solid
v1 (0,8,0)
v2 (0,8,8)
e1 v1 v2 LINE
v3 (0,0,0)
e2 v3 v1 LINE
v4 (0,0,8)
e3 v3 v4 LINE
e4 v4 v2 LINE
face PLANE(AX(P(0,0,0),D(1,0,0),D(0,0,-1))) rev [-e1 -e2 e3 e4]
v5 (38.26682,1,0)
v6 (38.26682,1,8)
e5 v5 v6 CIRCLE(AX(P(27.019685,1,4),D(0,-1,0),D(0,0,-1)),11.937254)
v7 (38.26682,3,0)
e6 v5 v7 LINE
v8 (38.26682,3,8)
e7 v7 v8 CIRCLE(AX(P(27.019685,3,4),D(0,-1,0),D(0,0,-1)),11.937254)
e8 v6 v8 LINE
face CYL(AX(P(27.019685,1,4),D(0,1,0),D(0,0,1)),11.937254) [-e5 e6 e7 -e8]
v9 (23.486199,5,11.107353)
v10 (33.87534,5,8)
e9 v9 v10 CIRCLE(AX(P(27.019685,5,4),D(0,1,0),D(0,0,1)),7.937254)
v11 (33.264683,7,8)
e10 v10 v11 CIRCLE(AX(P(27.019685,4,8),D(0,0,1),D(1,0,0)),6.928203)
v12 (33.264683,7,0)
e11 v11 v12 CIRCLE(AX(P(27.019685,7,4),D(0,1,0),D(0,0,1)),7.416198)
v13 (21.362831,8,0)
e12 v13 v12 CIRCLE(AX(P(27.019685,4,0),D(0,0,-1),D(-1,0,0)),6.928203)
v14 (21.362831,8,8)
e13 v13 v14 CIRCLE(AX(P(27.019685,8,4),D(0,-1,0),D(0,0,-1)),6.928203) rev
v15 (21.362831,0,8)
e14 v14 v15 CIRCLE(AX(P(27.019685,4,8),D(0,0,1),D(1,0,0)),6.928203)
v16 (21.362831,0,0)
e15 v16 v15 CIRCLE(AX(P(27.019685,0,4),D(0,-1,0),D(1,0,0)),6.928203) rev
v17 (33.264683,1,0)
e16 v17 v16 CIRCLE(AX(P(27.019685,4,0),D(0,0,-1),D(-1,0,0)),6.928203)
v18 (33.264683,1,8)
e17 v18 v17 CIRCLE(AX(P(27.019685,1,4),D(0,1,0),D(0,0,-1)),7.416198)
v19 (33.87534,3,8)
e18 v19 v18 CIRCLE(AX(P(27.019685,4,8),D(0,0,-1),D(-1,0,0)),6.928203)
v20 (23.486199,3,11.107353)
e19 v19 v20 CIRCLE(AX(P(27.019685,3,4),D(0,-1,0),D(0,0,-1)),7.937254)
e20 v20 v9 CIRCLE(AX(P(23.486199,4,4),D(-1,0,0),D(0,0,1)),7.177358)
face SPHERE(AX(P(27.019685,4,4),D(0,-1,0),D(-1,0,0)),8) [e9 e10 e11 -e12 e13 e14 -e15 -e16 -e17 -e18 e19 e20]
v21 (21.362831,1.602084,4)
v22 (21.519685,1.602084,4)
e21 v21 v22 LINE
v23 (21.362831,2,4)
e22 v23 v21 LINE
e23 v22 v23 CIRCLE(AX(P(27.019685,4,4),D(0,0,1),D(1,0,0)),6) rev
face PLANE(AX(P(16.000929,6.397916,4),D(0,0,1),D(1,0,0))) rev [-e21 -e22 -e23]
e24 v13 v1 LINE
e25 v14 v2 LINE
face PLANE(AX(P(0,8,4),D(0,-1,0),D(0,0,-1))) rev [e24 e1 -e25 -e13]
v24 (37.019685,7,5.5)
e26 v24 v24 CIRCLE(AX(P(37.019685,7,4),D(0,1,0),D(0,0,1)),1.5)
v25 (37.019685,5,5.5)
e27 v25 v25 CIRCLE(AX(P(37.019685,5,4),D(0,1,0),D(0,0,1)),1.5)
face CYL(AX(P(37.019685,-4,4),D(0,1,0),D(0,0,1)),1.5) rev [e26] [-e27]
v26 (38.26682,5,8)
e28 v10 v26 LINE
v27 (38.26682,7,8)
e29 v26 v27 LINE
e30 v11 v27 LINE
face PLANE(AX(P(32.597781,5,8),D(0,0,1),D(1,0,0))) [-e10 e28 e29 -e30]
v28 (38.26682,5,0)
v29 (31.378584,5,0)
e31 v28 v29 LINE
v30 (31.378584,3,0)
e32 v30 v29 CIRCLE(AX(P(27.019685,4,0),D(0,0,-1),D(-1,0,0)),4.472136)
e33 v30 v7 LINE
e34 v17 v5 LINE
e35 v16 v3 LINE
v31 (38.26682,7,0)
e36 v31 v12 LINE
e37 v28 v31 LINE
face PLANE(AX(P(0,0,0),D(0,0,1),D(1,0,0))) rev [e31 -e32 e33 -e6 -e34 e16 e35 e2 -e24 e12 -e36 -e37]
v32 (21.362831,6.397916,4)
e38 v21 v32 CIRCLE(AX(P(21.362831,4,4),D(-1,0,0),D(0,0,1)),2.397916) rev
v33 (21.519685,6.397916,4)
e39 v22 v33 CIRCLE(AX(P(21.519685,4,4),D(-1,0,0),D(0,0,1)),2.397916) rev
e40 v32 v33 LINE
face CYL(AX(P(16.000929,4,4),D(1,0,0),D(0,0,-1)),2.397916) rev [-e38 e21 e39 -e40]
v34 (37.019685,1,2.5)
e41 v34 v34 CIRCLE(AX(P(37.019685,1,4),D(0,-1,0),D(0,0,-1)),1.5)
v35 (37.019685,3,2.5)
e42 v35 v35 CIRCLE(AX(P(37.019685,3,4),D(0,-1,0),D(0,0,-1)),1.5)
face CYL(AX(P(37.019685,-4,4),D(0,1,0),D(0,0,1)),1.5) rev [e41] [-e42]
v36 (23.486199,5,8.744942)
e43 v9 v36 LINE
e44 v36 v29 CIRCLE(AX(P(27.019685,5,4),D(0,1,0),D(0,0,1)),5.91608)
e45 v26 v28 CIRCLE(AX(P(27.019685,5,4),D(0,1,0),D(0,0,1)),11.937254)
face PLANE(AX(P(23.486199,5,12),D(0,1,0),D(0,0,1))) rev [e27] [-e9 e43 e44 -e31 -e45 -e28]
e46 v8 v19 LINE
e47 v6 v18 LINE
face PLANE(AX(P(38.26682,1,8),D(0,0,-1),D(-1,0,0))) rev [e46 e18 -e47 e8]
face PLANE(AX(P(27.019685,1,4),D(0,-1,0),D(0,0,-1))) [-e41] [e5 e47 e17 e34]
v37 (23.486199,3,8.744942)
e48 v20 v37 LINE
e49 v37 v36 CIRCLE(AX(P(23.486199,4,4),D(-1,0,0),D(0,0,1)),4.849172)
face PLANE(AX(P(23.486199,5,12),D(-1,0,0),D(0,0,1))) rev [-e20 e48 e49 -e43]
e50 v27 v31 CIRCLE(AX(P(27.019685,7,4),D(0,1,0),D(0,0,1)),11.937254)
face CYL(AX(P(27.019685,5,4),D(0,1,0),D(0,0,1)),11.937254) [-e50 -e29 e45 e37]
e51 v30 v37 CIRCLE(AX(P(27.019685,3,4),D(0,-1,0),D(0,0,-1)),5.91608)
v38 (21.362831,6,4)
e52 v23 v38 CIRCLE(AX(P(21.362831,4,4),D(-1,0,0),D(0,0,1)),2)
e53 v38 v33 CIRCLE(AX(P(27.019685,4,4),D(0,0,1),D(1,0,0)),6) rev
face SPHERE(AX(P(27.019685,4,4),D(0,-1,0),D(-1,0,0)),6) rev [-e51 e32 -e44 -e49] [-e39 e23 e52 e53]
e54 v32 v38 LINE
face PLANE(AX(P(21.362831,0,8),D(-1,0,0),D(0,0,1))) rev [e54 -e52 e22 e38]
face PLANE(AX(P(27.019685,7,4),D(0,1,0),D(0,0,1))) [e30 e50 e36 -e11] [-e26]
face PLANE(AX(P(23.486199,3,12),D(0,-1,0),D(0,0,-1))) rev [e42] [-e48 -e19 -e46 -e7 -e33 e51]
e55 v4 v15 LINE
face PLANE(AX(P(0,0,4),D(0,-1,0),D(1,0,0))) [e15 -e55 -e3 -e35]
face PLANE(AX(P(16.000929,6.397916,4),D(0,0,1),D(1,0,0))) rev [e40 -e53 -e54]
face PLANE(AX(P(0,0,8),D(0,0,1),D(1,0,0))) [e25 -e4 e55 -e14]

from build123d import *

# Parameters (mm, degrees)
RESSALTO_EXTRUS_O1_DEPTH    = 4
ESBO_O33_W                  = 8
ESBO_O33_H                  = 24.32835801
CORTE_EXTRUS_O20_DEPTH      = 59.436005136
CORTE_EXTRUS_O22_DEPTH      = 51.515563889
RESSALTO_EXTRUS_O14_DEPTH   = 4
ESBO_O38_R                  = 7
CORTE_EXTRUS_O23_DEPTH      = 39.915014679
ESBO_O39_W                  = 29.519685428
ESBO_O39_H                  = 8
CORTE_EXTRUS_O24_DEPTH      = 38.873187976
CORTE_EXTRUS_O25_DEPTH      = 39.915014679
CORTE_EXTRUS_O25_DEPTH_BACK = 39.915014679
ESBO_O40_W                  = 11.533486782
ESBO_O40_H                  = 2
CORTE_EXTRUS_O26_DEPTH      = 0.156854249
RESSALTO_EXTRUS_O15_START   = -1
RESSALTO_EXTRUS_O15_DEPTH   = 2
RESSALTO_EXTRUS_O16_START   = 2
RESSALTO_EXTRUS_O16_DEPTH   = 2
CORTE_EXTRUS_O27_DEPTH      = 43.203568046
CORTE_EXTRUS_O27_DEPTH_BACK = 43.203568046
ESBO_O44_R                  = 1.5


with BuildPart() as part:
    # Esboço1 → Ressalto-extrusão1 (new body)
    with BuildSketch(Plane.XY):
        with BuildLine():
            Line((40.514368641, 0), (48.514368641, 0))
            ThreePointArc((48.514368641, 0), (39.227067694, 12.823953684), (24.146045917, 8))
            Line((24.146045917, 8), (-21.519685428, 8))
            Line((-21.519685428, 8), (-21.519685428, 32.32835801))
            Line((-21.519685428, 32.32835801), (-29.519685428, 32.32835801))
            Line((-29.519685428, 32.32835801), (-29.519685428, 0))
            Line((-29.519685428, 0), (29.519685428, 0))
            ThreePointArc((29.519685428, 0), (35.017027034, 5.497341607), (40.514368641, 0))
        make_face()
    extrude(amount=RESSALTO_EXTRUS_O1_DEPTH)

    # Esboço33 → Corte-extrusão20 (cut, through all)
    with BuildSketch(Plane.XY.offset(4)):
        with Locations((-25.519685428, 20.164179005)):
            Rectangle(ESBO_O33_W, ESBO_O33_H)
    extrude(amount=-CORTE_EXTRUS_O20_DEPTH, mode=Mode.SUBTRACT)

    # Esboço34 → Corte-extrusão22 (cut, through all)
    with BuildSketch(Plane.XY.offset(4)):
        with BuildLine():
            Line((21.519685428, 0), (21.519685428, 8))
            Line((21.519685428, 8), (24.146045917, 8))
            ThreePointArc((24.146045917, 8), (39.227067694, 12.823953684), (48.514368641, 0))
            Line((48.514368641, 0), (40.514368641, 0))
            ThreePointArc((40.514368641, 0), (35.017027034, 5.497341607), (29.519685428, 0))
            Line((29.519685428, 0), (21.519685428, 0))
        make_face()
    extrude(amount=-CORTE_EXTRUS_O22_DEPTH, mode=Mode.SUBTRACT)

    # Esboço36 → Revolução1 (revolve)
    with BuildSketch(Plane.XY.offset(4)):
        with BuildLine():
            Line((27.019685428, -2), (27.019685428, -4))
            ThreePointArc((27.019685428, -4), (19.019685428, 4), (27.019685428, 12))
            Line((27.019685428, 12), (27.019685428, 10))
            ThreePointArc((27.019685428, 10), (21.019685428, 4), (27.019685428, -2))
        make_face()
    revolve(axis=Axis((27.019685428, -2, 4), (0, 1, 0)))

    # Esboço37 → Ressalto-extrusão14 (add)
    with BuildSketch(Plane.XY.offset(4)):
        with BuildLine():
            ThreePointArc((21.362831178, 8), (20.091482197, 4), (21.362831178, 0))
            Line((21.362831178, 0), (21.362831178, 8))
        make_face()
        with BuildLine():
            Line((20.091482197, 0), (21.362831178, 0))
            ThreePointArc((21.362831178, 0), (20.091482197, 4), (21.362831178, 8))
            Line((21.362831178, 8), (20.091482197, 8))
            Line((20.091482197, 8), (-29.519685428, 8))
            Line((-29.519685428, 8), (-29.519685428, 0))
            Line((-29.519685428, 0), (20.091482197, 0))
        make_face()
    extrude(amount=RESSALTO_EXTRUS_O14_DEPTH)

    # Esboço38 → Corte-extrusão23 (cut, through all)
    with BuildSketch(Plane(origin=(0, 0, 0), x_dir=(-1, 0, 0), z_dir=(0, 0, -1))):
        with Locations((-27.019685428, 4)):
            Circle(ESBO_O38_R)
    extrude(amount=CORTE_EXTRUS_O23_DEPTH, mode=Mode.SUBTRACT)

    # Esboço39 → Corte-extrusão24 (cut, through all)
    with BuildSketch(Plane.XY.offset(8)):
        with Locations((-14.759842714, 4)):
            Rectangle(ESBO_O39_W, ESBO_O39_H)
    extrude(amount=-CORTE_EXTRUS_O24_DEPTH, mode=Mode.SUBTRACT)

    # Esboço40 → Corte-extrusão25 (cut, two sides: drawn at the far end of the back side and taken through both)
    with BuildSketch(Plane(origin=(0, 0, 0), x_dir=(-1, 0, 0), z_dir=(0, 0, -1)).offset(-CORTE_EXTRUS_O25_DEPTH_BACK)):
        with Locations((-29.252942037, 4)):
            Rectangle(ESBO_O40_W, ESBO_O40_H)
    extrude(amount=CORTE_EXTRUS_O25_DEPTH + CORTE_EXTRUS_O25_DEPTH_BACK, mode=Mode.SUBTRACT)

    # Esboço41 → Corte-extrusão26 (cut)
    with BuildSketch(Plane(origin=(21.519685428, 0, 0), x_dir=(0, 0, -1), z_dir=(1, 0, 0))):
        with BuildLine():
            Line((-4, 6.397915762), (-4, 1.602084238))
            ThreePointArc((-4, 1.602084238), (-1.602084238, 4), (-4, 6.397915762))
        make_face()
    extrude(amount=-CORTE_EXTRUS_O26_DEPTH, mode=Mode.SUBTRACT)

    # Esboço42 → Ressalto-extrusão15 (add)
    with BuildSketch(Plane(origin=(0, 8, 0), x_dir=(1, 0, 0), z_dir=(0, 1, 0)).offset(RESSALTO_EXTRUS_O15_START)):
        with BuildLine():
            Line((32.597781304, 0), (38.266819794, 0))
            ThreePointArc((38.266819794, 0), (38.956939361, -4), (38.266819794, -8))
            Line((38.266819794, -8), (32.597781304, -8))
            ThreePointArc((32.597781304, -8), (33.88373333, -4), (32.597781304, 0))
        make_face()
    extrude(amount=-RESSALTO_EXTRUS_O15_DEPTH)

    # Esboço43 → Ressalto-extrusão16 (add)
    with BuildSketch(Plane.XZ.offset(-5).offset(RESSALTO_EXTRUS_O16_START)):
        with BuildLine():
            Line((38.266819794, 8), (33.264683426, 8))
            ThreePointArc((33.264683426, 8), (34.435883915, 4), (33.264683426, 0))
            Line((33.264683426, 0), (38.266819794, 0))
            ThreePointArc((38.266819794, 0), (38.956939361, 4), (38.266819794, 8))
        make_face()
    extrude(amount=RESSALTO_EXTRUS_O16_DEPTH)

    # Esboço44 → Corte-extrusão27 (cut, two sides: drawn at the far end of the back side and taken through both)
    with BuildSketch(Plane(origin=(0, 7, 0), x_dir=(1, 0, 0), z_dir=(0, 1, 0)).offset(-CORTE_EXTRUS_O27_DEPTH_BACK)):
        with Locations(Location((37.019685428, -4, 0), (0, 0, 90))):
            Circle(ESBO_O44_R)
    extrude(amount=CORTE_EXTRUS_O27_DEPTH + CORTE_EXTRUS_O27_DEPTH_BACK, mode=Mode.SUBTRACT)


solid = part.part
